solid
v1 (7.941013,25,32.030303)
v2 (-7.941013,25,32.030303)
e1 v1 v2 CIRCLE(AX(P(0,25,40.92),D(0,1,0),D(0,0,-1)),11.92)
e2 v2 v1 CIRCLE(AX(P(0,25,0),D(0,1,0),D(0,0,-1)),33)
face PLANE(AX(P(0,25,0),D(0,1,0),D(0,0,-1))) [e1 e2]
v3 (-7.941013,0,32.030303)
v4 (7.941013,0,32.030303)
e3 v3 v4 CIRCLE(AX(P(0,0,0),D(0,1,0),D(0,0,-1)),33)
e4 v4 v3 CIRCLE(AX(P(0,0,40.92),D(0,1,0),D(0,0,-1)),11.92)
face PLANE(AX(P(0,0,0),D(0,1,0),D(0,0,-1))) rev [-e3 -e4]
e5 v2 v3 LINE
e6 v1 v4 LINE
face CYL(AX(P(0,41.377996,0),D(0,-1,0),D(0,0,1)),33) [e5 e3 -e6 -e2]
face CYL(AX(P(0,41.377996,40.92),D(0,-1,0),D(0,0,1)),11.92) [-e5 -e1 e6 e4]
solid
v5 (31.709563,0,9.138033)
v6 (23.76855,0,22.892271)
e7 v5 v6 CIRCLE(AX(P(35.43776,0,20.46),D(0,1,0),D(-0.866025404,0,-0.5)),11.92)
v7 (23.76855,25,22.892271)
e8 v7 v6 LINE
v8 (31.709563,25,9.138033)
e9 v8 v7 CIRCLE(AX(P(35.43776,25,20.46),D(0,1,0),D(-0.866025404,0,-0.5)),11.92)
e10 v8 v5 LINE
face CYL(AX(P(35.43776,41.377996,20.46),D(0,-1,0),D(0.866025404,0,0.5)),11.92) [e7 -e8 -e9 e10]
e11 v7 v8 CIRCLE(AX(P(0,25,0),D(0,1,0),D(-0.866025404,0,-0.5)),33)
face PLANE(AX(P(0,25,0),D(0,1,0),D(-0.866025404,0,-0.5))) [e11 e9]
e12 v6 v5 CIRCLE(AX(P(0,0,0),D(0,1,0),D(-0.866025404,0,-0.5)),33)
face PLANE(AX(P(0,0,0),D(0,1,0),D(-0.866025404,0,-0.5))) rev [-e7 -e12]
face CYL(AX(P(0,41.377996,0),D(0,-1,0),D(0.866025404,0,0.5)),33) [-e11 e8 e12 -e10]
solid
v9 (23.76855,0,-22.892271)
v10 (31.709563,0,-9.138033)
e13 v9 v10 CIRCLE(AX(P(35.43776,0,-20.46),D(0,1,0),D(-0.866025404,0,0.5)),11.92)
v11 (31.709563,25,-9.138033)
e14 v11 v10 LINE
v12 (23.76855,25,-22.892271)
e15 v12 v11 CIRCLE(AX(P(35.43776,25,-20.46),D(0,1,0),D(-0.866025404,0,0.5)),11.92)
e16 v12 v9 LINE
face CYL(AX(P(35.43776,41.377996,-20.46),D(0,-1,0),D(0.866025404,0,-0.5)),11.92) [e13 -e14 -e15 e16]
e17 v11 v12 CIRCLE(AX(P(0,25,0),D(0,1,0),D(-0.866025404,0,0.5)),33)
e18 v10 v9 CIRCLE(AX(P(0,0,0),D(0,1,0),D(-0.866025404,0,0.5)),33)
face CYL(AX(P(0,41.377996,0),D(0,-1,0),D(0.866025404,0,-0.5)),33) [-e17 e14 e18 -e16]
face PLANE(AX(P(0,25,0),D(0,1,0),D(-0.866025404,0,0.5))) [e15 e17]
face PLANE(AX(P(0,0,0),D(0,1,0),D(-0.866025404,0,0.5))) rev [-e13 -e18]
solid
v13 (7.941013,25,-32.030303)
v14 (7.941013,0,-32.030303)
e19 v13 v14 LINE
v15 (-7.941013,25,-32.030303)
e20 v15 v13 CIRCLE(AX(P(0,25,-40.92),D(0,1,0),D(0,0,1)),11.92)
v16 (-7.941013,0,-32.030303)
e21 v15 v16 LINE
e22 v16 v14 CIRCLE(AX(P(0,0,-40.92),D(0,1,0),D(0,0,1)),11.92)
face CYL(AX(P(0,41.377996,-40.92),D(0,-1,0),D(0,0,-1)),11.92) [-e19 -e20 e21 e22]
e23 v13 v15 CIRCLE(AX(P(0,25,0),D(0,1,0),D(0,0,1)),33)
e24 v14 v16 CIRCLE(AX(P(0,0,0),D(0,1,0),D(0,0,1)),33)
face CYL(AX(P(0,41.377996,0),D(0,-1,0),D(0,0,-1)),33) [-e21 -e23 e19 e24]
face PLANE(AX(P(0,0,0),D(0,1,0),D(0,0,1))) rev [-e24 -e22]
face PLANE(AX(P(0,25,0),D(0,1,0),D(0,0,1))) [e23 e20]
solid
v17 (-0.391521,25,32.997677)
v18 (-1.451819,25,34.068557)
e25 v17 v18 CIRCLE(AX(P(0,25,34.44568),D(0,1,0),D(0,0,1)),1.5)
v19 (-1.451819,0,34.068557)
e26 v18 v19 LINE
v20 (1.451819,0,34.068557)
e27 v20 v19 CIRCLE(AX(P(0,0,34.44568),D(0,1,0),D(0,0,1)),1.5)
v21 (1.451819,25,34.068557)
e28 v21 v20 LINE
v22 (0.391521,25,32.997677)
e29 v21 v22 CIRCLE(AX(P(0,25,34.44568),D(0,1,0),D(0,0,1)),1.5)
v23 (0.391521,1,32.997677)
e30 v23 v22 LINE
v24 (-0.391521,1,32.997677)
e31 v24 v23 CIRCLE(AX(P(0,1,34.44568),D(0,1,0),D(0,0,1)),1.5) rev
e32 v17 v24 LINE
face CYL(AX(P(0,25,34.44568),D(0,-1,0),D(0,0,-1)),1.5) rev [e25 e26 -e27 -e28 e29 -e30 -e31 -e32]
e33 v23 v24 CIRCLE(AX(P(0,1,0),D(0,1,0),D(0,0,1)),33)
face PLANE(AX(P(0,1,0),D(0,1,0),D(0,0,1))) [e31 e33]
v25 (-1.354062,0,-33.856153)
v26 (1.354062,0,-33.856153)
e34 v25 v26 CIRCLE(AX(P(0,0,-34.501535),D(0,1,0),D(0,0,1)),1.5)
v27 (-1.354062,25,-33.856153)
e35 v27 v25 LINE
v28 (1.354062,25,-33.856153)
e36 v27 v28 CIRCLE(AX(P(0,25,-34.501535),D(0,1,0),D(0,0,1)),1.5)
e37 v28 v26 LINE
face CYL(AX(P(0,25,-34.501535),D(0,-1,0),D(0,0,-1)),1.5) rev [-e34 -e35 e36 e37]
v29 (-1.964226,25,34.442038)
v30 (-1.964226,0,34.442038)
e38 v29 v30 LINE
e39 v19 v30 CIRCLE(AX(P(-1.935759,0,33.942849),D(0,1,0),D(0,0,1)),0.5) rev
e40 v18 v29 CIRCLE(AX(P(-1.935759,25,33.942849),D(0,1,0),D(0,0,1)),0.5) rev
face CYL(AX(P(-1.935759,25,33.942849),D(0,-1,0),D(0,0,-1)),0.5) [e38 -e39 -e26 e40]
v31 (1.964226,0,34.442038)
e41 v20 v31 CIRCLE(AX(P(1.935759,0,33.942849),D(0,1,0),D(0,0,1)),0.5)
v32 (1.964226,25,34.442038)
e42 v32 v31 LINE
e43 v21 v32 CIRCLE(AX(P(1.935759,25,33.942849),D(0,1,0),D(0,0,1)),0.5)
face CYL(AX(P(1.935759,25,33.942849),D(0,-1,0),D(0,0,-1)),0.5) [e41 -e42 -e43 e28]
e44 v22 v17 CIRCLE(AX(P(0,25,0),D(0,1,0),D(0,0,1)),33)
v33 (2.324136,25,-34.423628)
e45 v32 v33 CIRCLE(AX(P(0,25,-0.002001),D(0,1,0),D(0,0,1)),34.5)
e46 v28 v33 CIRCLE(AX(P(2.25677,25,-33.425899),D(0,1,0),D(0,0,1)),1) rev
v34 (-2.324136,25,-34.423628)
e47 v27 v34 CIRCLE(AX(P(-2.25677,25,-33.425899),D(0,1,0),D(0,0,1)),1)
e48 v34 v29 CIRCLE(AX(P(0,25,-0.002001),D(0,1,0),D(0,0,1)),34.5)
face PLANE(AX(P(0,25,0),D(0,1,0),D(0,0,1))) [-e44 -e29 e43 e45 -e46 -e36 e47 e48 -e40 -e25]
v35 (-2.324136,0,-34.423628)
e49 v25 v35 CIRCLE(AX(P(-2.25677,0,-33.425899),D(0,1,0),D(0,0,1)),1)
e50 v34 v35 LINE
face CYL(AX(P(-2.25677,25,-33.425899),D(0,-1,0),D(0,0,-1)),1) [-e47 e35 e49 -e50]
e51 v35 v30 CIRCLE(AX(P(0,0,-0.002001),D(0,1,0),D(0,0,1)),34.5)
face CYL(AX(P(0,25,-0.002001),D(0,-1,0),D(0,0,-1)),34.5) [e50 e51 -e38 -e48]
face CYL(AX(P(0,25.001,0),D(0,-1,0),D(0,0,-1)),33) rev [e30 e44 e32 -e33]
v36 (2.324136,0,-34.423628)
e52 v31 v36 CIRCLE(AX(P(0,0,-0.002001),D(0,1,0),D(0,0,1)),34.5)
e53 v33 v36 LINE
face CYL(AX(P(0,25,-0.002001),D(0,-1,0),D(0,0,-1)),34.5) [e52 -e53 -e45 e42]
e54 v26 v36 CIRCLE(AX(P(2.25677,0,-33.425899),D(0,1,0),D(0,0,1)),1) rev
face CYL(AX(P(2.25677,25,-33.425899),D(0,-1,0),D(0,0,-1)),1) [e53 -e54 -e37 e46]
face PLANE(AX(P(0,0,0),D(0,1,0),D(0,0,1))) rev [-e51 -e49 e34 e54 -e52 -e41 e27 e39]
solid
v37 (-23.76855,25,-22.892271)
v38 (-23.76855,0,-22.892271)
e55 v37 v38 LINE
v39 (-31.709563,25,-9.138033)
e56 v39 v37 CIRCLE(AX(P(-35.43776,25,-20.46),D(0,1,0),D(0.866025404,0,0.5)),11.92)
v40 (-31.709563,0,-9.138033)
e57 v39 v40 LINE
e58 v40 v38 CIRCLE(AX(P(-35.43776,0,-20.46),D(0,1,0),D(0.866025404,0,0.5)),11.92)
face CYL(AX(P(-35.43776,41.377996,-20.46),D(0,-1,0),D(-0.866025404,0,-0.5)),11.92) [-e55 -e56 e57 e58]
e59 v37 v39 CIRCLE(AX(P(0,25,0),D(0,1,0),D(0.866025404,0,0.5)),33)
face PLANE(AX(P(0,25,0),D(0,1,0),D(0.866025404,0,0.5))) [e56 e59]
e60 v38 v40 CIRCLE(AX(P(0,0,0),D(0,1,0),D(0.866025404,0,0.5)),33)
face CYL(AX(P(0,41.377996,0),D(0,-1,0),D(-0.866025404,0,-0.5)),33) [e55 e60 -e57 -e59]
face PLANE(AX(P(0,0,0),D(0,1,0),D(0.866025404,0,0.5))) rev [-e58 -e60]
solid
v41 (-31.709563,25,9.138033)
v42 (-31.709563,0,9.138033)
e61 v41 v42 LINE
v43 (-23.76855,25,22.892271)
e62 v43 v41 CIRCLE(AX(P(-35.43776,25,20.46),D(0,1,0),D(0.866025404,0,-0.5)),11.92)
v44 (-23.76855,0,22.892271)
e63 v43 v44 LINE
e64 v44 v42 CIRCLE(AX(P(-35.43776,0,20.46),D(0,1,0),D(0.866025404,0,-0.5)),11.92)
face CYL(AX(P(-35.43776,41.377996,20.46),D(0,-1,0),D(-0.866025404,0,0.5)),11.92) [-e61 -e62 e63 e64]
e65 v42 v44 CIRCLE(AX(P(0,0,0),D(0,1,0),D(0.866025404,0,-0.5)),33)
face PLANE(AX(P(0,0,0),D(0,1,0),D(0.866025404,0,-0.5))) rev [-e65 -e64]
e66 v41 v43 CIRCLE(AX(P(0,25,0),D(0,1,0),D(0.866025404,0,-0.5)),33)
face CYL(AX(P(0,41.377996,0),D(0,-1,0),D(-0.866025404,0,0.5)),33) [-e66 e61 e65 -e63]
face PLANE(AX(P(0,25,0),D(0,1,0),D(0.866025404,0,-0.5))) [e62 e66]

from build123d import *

# Parameters (mm, degrees)
BOSS_EXTRUDE1_DEPTH = 25
CUT_EXTRUDE2_REACH  = 28
CUT_EXTRUDE2_START  = 1
BOSS_EXTRUDE2_DEPTH = 25
CIRPATTERN2_COUNT   = 6


with BuildPart() as part:
    # Sketch1 → Boss-Extrude1 (new body)
    with BuildSketch(Plane(origin=(0, 0, 0), x_dir=(1, 0, 0), z_dir=(0, 1, 0))):
        with BuildLine():
            ThreePointArc((1.451818925, -34.068556857), (1.641248992, -34.346908706), (1.964225605, -34.442038138))
            ThreePointArc((1.964225605, -34.442038138), (34.499528846, -0.178302888), (2.324135821, 34.423627607))
            ThreePointArc((2.324135821, 34.423627607), (1.751838249, 34.289058819), (1.354061739, 33.856153382))
            ThreePointArc((1.354061739, 33.856153382), (0, 33.001534515), (-1.354061739, 33.856153382))
            ThreePointArc((-1.354061739, 33.856153382), (-1.751838249, 34.289058819), (-2.324135821, 34.423627607))
            ThreePointArc((-2.324135821, 34.423627607), (-34.499528846, -0.178302888), (-1.964225605, -34.442038138))
            ThreePointArc((-1.964225605, -34.442038138), (-1.641248992, -34.346908706), (-1.451818925, -34.068556857))
            ThreePointArc((-1.451818925, -34.068556857), (0, -32.945679925), (1.451818925, -34.068556857))
        make_face()
    extrude(amount=BOSS_EXTRUDE1_DEPTH)

    # Sketch2 → Cut-Extrude2 (cut, up to next)
    with BuildSketch(Plane(origin=(0, 0, 0), x_dir=(1, 0, 0), z_dir=(0, 1, 0)).offset(CUT_EXTRUDE2_START), mode=Mode.PRIVATE) as cut_extrude2_sk1:
        with BuildLine():
            ThreePointArc((-7.94101302, 32.03030303), (-20.334042519, -25.990896769), (33, 0))
            ThreePointArc((33, 0), (25.990896769, 20.334042519), (7.94101302, 32.03030303))
            ThreePointArc((7.94101302, 32.03030303), (0, 29), (-7.94101302, 32.03030303))
        make_face()
    cut_extrude2_tool1 = extrude(cut_extrude2_sk1.sketch, amount=CUT_EXTRUDE2_REACH, mode=Mode.PRIVATE) & part.part
    add(cut_extrude2_tool1.solids().sort_by_distance((0, 1, 0.399773))[0], mode=Mode.SUBTRACT)
    # Sketch2 → Cut-Extrude2 (cut, up to next)
    with BuildSketch(Plane(origin=(0, 0, 0), x_dir=(1, 0, 0), z_dir=(0, 1, 0)).offset(CUT_EXTRUDE2_START), mode=Mode.PRIVATE) as cut_extrude2_sk2:
        with BuildLine():
            ThreePointArc((-7.94101302, 32.03030303), (0, 29), (7.94101302, 32.03030303))
            ThreePointArc((7.94101302, 32.03030303), (0, 33), (-7.94101302, 32.03030303))
        make_face()
    cut_extrude2_tool2 = extrude(cut_extrude2_sk2.sketch, amount=CUT_EXTRUDE2_REACH, mode=Mode.PRIVATE) & part.part
    add(cut_extrude2_tool2.solids().sort_by_distance((0, 1, -31.18796))[0], mode=Mode.SUBTRACT)


with BuildPart() as body_2:
    # Sketch2<2> → Boss-Extrude2 (new body)
    with BuildSketch(Plane(origin=(0, 0, 0), x_dir=(1, 0, 0), z_dir=(0, 1, 0))):
        with BuildLine():
            ThreePointArc((-7.94101302, 32.03030303), (0, 29), (7.94101302, 32.03030303))
            ThreePointArc((7.94101302, 32.03030303), (0, 33), (-7.94101302, 32.03030303))
        make_face()
    extrude(amount=BOSS_EXTRUDE2_DEPTH)


with BuildPart() as cirpattern2_1:
    # CirPattern2: pattern copy
    add(body_2.part.rotate(Axis((0, 0, 0), (0, 1, 0)), 1 * 360 / CIRPATTERN2_COUNT))


with BuildPart() as cirpattern2_2:
    # CirPattern2: pattern copy
    add(body_2.part.rotate(Axis((0, 0, 0), (0, 1, 0)), 2 * 360 / CIRPATTERN2_COUNT))


with BuildPart() as cirpattern2_3:
    # CirPattern2: pattern copy
    add(body_2.part.rotate(Axis((0, 0, 0), (0, 1, 0)), 3 * 360 / CIRPATTERN2_COUNT))


with BuildPart() as cirpattern2_4:
    # CirPattern2: pattern copy
    add(body_2.part.rotate(Axis((0, 0, 0), (0, 1, 0)), 4 * 360 / CIRPATTERN2_COUNT))


with BuildPart() as cirpattern2_5:
    # CirPattern2: pattern copy
    add(body_2.part.rotate(Axis((0, 0, 0), (0, 1, 0)), 5 * 360 / CIRPATTERN2_COUNT))


solid = Compound([part.part, body_2.part, cirpattern2_1.part, cirpattern2_2.part, cirpattern2_3.part, cirpattern2_4.part, cirpattern2_5.part])
